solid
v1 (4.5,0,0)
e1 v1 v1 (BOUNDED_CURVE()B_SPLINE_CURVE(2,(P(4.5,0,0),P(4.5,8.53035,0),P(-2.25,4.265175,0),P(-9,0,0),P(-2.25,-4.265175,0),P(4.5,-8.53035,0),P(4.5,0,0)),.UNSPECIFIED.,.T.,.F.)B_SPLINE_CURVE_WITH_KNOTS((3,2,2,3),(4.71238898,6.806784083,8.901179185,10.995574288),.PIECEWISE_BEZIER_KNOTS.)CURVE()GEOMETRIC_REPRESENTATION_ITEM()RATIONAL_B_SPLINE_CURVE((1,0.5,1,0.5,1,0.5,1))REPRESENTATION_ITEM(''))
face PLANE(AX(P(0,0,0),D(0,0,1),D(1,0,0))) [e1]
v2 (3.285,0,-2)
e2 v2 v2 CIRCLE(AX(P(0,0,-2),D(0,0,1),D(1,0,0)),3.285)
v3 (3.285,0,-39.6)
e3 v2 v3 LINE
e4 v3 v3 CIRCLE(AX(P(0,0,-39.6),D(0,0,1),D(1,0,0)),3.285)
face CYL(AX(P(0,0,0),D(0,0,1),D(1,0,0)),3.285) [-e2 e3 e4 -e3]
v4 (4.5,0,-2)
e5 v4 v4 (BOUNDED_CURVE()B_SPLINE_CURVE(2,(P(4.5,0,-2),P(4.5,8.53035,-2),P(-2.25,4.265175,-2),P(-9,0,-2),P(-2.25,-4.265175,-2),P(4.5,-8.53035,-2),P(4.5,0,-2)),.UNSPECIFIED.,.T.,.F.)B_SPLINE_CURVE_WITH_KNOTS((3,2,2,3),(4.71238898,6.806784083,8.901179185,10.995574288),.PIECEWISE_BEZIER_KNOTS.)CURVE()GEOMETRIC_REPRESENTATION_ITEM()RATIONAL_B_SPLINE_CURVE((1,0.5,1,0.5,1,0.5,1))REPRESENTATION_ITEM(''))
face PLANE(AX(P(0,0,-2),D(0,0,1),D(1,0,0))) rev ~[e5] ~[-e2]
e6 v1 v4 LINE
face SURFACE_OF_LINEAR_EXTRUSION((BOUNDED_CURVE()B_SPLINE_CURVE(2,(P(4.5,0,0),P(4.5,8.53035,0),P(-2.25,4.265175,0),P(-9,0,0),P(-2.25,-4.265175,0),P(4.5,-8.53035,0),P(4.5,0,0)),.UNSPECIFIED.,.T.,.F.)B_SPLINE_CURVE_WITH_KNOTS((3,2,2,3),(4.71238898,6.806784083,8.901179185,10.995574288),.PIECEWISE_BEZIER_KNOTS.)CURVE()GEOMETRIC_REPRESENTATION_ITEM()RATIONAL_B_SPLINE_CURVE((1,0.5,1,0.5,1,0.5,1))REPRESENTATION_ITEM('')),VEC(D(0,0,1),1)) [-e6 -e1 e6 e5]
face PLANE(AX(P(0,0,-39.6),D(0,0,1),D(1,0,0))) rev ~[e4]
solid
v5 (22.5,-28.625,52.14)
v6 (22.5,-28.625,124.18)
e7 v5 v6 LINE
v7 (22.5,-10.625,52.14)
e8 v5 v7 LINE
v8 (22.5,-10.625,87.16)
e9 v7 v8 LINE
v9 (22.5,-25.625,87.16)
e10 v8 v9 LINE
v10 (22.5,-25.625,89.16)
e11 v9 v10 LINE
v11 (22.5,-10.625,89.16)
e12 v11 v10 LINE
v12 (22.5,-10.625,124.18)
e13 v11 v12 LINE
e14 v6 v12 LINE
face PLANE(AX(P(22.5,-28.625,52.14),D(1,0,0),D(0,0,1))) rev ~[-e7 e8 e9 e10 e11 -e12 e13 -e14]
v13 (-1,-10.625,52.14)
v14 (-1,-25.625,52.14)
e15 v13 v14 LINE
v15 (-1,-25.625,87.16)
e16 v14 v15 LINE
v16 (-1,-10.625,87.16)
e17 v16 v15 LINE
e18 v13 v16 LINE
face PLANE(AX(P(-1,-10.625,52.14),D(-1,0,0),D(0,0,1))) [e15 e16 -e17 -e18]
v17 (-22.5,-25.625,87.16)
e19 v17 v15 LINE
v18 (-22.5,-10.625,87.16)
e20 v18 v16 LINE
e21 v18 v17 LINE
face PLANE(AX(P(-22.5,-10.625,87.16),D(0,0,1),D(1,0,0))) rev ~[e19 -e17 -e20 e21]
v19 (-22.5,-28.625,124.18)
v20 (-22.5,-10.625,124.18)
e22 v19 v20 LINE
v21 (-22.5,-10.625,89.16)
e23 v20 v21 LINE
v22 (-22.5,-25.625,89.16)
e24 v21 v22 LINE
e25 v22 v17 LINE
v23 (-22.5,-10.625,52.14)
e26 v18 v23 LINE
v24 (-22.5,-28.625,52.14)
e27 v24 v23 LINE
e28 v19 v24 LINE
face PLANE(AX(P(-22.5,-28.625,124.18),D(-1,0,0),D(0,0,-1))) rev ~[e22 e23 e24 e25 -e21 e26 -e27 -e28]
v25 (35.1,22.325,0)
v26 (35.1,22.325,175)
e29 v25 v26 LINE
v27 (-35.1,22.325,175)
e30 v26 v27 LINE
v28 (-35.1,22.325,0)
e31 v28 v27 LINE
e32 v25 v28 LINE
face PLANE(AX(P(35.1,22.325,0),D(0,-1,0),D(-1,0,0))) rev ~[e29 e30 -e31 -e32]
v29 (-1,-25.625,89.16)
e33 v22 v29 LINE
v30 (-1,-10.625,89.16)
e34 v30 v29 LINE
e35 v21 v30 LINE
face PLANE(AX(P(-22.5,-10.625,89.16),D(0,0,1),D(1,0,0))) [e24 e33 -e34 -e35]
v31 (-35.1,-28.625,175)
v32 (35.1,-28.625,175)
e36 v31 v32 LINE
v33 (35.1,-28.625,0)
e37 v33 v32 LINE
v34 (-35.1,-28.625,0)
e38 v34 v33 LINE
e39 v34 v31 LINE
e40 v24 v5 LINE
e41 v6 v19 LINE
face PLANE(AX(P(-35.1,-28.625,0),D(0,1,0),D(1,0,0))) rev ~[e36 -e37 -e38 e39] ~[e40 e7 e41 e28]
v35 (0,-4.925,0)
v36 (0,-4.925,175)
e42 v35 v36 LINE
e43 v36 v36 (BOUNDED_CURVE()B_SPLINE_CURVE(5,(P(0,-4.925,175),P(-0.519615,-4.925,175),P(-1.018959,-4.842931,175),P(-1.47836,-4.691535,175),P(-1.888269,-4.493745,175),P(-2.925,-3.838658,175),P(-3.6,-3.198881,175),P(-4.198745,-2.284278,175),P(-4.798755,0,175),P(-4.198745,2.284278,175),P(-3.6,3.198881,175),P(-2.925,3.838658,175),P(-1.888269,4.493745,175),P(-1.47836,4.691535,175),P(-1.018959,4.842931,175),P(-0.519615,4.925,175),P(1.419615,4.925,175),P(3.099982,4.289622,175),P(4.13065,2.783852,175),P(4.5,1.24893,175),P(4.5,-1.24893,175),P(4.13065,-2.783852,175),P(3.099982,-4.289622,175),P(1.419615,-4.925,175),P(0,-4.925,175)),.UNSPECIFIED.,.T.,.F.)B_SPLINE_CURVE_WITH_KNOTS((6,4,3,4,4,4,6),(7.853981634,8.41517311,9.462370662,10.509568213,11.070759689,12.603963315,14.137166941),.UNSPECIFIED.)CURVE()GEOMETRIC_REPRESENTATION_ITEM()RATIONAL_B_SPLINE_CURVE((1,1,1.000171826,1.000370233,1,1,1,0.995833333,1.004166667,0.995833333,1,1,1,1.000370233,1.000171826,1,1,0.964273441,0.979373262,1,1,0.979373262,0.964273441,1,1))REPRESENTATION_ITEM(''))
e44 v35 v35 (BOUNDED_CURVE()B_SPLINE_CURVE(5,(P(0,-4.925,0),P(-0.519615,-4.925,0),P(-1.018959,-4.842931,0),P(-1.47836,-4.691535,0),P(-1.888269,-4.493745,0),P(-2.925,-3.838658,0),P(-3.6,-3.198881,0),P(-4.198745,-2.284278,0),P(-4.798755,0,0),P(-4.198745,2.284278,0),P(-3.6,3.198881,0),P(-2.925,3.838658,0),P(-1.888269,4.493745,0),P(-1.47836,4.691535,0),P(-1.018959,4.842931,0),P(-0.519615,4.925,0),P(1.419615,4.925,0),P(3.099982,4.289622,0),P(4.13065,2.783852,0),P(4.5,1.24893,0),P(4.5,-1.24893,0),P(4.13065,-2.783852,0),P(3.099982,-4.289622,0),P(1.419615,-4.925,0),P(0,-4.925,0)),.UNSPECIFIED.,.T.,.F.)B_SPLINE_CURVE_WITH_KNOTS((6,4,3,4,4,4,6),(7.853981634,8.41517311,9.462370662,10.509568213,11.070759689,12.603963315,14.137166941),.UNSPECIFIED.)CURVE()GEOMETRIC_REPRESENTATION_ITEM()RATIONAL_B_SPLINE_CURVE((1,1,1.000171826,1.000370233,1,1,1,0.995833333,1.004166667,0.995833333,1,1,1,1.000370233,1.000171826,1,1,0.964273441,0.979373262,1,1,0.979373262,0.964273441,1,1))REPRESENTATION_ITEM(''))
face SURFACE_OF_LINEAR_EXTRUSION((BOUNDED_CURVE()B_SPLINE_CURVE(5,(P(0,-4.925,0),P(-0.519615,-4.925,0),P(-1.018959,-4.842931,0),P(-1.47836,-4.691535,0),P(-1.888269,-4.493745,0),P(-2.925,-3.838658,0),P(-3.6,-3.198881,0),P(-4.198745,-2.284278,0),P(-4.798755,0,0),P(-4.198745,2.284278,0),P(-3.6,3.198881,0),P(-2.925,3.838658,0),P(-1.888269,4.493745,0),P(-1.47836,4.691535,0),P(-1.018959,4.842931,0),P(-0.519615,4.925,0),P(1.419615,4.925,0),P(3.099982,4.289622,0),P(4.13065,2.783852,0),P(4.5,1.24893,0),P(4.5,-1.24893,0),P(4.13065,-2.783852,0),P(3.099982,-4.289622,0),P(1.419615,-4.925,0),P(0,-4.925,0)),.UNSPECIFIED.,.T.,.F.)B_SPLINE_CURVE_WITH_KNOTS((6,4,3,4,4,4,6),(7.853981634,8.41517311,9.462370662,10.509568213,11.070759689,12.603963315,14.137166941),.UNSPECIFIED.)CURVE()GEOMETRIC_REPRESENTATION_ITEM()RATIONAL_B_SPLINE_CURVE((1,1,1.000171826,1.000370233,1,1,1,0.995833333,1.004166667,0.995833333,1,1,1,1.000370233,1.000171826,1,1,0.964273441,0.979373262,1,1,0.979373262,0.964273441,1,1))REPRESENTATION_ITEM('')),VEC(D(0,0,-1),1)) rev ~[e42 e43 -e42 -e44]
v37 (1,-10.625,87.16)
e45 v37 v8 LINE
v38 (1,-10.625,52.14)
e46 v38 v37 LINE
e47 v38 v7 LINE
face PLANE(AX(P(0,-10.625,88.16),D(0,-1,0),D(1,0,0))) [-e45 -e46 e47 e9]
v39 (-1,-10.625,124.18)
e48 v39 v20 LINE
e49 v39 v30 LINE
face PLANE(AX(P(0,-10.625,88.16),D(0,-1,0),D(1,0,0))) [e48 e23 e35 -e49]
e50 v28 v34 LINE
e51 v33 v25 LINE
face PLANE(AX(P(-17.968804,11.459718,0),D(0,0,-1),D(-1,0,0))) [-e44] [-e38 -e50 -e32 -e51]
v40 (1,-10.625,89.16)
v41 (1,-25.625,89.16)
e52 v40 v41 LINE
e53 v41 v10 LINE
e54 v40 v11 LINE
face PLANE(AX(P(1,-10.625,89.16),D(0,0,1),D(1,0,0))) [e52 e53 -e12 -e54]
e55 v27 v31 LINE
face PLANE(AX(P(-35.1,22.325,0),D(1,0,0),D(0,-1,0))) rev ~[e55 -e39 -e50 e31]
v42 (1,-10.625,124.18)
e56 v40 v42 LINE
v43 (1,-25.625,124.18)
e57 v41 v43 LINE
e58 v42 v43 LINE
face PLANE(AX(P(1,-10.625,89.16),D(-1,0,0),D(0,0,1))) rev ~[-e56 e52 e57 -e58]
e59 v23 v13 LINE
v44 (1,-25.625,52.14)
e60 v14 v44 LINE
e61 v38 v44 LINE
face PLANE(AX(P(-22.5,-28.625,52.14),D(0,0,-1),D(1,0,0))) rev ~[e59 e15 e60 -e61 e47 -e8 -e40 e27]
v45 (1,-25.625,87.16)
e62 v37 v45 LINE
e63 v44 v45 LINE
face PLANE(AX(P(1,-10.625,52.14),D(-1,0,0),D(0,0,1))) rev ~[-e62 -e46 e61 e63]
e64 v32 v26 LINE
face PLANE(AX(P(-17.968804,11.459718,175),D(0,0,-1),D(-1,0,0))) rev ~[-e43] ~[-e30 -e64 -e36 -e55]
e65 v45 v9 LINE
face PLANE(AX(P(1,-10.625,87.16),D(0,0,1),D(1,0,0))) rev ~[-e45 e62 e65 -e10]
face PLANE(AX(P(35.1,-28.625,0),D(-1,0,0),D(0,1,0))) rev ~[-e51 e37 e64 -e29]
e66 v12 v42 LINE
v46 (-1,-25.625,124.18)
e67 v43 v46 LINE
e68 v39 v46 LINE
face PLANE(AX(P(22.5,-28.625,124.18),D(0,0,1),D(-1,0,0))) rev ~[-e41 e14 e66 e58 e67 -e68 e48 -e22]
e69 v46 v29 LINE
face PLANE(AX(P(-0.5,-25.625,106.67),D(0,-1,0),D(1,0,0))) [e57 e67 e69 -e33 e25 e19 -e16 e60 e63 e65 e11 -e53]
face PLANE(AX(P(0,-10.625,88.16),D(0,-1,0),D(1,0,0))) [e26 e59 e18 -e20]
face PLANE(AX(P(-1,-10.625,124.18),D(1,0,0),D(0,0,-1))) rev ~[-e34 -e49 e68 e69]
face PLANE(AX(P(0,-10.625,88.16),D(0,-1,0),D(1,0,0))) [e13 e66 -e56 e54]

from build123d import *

# Parameters (mm, degrees)
F0_R     = 3.285
F1_DEPTH = 39.6
F3_DEPTH = 2
F5_DEPTH = 175
F7_DEPTH = 18
F8_W     = 1
F8_H     = 35.02
F8_H_2   = 1
F8_W_2   = 21.5
F9_DEPTH = 15


with BuildPart() as f1:
    # F0 (on Top) → F1 (new body)
    with BuildSketch(Plane.XY):
        Circle(F0_R)
    extrude(amount=-F1_DEPTH)

    # F2 (on Top) → F3 (join)
    with BuildSketch(Plane.XY):
        with BuildLine():
            add(Edge.make_bspline(
                [(4.5, 0), (4.5, 8.5303502273), (-2.25, 4.2651751136), (-9, 0), (-2.25, -4.2651751136), (4.5, -8.5303502273), (4.5, 0)],
                knots=[4.7123889804, 4.7123889804, 4.7123889804, 6.8067840828, 6.8067840828, 8.9011791852, 8.9011791852, 10.9955742876, 10.9955742876, 10.9955742876], degree=2, weights=[1, 0.5, 1, 0.5, 1, 0.5, 1]))
        make_face()
    extrude(amount=-F3_DEPTH)


with BuildPart() as f5:
    # F4 (on face) → F5 (new body)
    with BuildSketch(Plane.XY):
        with BuildLine():
            add(Edge.make_bspline(
                [(0, 4.925), (-1.2057713659, 4.925), (-2.25, 4.2651751136), (-4.5, 2.8434500758), (-4.5, 0)],
                knots=[6.2455926065, 6.2455926065, 6.2455926065, 6.8067840828, 6.8067840828, 7.853981634, 7.853981634, 7.853981634], degree=2, weights=[0.8038475773, 0.8660254038, 1, 0.75, 0.75]))
            Line((0, 4.925), (0, 22.325))
            Line((0, 22.325), (-35.1, 22.325))
            Line((-35.1, 22.325), (-35.1, 0))
            Line((-35.1, 0), (-4.5, 0))
        make_face()
        with BuildLine():
            Line((35.1, 0), (4.5, 0))
            add(Edge.make_bspline(
                [(0, -4.925), (4.5, -4.925), (4.5, 0)],
                knots=[9.4623706615, 9.4623706615, 9.4623706615, 10.9955742876, 10.9955742876, 10.9955742876], degree=2, weights=[0.8038475773, 0.6339745962, 1]))
            Line((0, -4.925), (0, -28.625))
            Line((0, -28.625), (35.1, -28.625))
            Line((35.1, -28.625), (35.1, 0))
        make_face()
        with BuildLine():
            Line((0, 22.325), (0, 4.925))
            add(Edge.make_bspline(
                [(4.5, 0), (4.5, 4.925), (0, 4.925)],
                knots=[4.7123889804, 4.7123889804, 4.7123889804, 6.2455926065, 6.2455926065, 6.2455926065], degree=2, weights=[1, 0.6339745962, 0.8038475773]))
            Line((4.5, 0), (35.1, 0))
            Line((35.1, 0), (35.1, 22.325))
            Line((35.1, 22.325), (0, 22.325))
        make_face()
        with BuildLine():
            add(Edge.make_bspline(
                [(-4.5, 0), (-4.5, -2.8434500758), (-2.25, -4.2651751136), (-1.2057713659, -4.925), (0, -4.925)],
                knots=[7.853981634, 7.853981634, 7.853981634, 8.9011791852, 8.9011791852, 9.4623706615, 9.4623706615, 9.4623706615], degree=2, weights=[0.75, 0.75, 1, 0.8660254038, 0.8038475773]))
            Line((-4.5, 0), (-35.1, 0))
            Line((-35.1, 0), (-35.1, -28.625))
            Line((-35.1, -28.625), (0, -28.625))
            Line((0, -28.625), (0, -4.925))
        make_face()
    extrude(amount=F5_DEPTH)

    # F6 (on face) → F7 (cut)
    with BuildSketch(Plane.XZ.offset(28.625)):
        Polygon((-22.5, 52.14), (0, 52.14), (22.5, 52.14), (22.5, 124.18), (-22.5, 124.18), align=None)
    extrude(amount=-F7_DEPTH, mode=Mode.SUBTRACT)

    # F8 (on face) → F9 (join)
    with BuildSketch(Plane.XZ.offset(10.625)):
        with Locations((-0.5, 106.67)):
            Rectangle(F8_W, F8_H)
        with Locations((0.5, 106.67)):
            Rectangle(F8_W, F8_H)
        with Locations((-0.5, 88.66)):
            Rectangle(F8_W, F8_H_2)
        with Locations((-11.75, 88.66)):
            Rectangle(F8_W_2, F8_H_2)
        with Locations((0.5, 88.66)):
            Rectangle(F8_W, F8_H_2)
        with Locations((11.75, 88.66)):
            Rectangle(F8_W_2, F8_H_2)
        with Locations((0.5, 87.66)):
            Rectangle(F8_W, F8_H_2)
        with Locations((-0.5, 87.66)):
            Rectangle(F8_W, F8_H_2)
        with Locations((-11.75, 87.66)):
            Rectangle(F8_W_2, F8_H_2)
        with Locations((11.75, 87.66)):
            Rectangle(F8_W_2, F8_H_2)
        with Locations((0.5, 69.65)):
            Rectangle(F8_W, F8_H)
        with Locations((-0.5, 69.65)):
            Rectangle(F8_W, F8_H)
    extrude(amount=F9_DEPTH)


solid = Compound([f1.part, f5.part])
